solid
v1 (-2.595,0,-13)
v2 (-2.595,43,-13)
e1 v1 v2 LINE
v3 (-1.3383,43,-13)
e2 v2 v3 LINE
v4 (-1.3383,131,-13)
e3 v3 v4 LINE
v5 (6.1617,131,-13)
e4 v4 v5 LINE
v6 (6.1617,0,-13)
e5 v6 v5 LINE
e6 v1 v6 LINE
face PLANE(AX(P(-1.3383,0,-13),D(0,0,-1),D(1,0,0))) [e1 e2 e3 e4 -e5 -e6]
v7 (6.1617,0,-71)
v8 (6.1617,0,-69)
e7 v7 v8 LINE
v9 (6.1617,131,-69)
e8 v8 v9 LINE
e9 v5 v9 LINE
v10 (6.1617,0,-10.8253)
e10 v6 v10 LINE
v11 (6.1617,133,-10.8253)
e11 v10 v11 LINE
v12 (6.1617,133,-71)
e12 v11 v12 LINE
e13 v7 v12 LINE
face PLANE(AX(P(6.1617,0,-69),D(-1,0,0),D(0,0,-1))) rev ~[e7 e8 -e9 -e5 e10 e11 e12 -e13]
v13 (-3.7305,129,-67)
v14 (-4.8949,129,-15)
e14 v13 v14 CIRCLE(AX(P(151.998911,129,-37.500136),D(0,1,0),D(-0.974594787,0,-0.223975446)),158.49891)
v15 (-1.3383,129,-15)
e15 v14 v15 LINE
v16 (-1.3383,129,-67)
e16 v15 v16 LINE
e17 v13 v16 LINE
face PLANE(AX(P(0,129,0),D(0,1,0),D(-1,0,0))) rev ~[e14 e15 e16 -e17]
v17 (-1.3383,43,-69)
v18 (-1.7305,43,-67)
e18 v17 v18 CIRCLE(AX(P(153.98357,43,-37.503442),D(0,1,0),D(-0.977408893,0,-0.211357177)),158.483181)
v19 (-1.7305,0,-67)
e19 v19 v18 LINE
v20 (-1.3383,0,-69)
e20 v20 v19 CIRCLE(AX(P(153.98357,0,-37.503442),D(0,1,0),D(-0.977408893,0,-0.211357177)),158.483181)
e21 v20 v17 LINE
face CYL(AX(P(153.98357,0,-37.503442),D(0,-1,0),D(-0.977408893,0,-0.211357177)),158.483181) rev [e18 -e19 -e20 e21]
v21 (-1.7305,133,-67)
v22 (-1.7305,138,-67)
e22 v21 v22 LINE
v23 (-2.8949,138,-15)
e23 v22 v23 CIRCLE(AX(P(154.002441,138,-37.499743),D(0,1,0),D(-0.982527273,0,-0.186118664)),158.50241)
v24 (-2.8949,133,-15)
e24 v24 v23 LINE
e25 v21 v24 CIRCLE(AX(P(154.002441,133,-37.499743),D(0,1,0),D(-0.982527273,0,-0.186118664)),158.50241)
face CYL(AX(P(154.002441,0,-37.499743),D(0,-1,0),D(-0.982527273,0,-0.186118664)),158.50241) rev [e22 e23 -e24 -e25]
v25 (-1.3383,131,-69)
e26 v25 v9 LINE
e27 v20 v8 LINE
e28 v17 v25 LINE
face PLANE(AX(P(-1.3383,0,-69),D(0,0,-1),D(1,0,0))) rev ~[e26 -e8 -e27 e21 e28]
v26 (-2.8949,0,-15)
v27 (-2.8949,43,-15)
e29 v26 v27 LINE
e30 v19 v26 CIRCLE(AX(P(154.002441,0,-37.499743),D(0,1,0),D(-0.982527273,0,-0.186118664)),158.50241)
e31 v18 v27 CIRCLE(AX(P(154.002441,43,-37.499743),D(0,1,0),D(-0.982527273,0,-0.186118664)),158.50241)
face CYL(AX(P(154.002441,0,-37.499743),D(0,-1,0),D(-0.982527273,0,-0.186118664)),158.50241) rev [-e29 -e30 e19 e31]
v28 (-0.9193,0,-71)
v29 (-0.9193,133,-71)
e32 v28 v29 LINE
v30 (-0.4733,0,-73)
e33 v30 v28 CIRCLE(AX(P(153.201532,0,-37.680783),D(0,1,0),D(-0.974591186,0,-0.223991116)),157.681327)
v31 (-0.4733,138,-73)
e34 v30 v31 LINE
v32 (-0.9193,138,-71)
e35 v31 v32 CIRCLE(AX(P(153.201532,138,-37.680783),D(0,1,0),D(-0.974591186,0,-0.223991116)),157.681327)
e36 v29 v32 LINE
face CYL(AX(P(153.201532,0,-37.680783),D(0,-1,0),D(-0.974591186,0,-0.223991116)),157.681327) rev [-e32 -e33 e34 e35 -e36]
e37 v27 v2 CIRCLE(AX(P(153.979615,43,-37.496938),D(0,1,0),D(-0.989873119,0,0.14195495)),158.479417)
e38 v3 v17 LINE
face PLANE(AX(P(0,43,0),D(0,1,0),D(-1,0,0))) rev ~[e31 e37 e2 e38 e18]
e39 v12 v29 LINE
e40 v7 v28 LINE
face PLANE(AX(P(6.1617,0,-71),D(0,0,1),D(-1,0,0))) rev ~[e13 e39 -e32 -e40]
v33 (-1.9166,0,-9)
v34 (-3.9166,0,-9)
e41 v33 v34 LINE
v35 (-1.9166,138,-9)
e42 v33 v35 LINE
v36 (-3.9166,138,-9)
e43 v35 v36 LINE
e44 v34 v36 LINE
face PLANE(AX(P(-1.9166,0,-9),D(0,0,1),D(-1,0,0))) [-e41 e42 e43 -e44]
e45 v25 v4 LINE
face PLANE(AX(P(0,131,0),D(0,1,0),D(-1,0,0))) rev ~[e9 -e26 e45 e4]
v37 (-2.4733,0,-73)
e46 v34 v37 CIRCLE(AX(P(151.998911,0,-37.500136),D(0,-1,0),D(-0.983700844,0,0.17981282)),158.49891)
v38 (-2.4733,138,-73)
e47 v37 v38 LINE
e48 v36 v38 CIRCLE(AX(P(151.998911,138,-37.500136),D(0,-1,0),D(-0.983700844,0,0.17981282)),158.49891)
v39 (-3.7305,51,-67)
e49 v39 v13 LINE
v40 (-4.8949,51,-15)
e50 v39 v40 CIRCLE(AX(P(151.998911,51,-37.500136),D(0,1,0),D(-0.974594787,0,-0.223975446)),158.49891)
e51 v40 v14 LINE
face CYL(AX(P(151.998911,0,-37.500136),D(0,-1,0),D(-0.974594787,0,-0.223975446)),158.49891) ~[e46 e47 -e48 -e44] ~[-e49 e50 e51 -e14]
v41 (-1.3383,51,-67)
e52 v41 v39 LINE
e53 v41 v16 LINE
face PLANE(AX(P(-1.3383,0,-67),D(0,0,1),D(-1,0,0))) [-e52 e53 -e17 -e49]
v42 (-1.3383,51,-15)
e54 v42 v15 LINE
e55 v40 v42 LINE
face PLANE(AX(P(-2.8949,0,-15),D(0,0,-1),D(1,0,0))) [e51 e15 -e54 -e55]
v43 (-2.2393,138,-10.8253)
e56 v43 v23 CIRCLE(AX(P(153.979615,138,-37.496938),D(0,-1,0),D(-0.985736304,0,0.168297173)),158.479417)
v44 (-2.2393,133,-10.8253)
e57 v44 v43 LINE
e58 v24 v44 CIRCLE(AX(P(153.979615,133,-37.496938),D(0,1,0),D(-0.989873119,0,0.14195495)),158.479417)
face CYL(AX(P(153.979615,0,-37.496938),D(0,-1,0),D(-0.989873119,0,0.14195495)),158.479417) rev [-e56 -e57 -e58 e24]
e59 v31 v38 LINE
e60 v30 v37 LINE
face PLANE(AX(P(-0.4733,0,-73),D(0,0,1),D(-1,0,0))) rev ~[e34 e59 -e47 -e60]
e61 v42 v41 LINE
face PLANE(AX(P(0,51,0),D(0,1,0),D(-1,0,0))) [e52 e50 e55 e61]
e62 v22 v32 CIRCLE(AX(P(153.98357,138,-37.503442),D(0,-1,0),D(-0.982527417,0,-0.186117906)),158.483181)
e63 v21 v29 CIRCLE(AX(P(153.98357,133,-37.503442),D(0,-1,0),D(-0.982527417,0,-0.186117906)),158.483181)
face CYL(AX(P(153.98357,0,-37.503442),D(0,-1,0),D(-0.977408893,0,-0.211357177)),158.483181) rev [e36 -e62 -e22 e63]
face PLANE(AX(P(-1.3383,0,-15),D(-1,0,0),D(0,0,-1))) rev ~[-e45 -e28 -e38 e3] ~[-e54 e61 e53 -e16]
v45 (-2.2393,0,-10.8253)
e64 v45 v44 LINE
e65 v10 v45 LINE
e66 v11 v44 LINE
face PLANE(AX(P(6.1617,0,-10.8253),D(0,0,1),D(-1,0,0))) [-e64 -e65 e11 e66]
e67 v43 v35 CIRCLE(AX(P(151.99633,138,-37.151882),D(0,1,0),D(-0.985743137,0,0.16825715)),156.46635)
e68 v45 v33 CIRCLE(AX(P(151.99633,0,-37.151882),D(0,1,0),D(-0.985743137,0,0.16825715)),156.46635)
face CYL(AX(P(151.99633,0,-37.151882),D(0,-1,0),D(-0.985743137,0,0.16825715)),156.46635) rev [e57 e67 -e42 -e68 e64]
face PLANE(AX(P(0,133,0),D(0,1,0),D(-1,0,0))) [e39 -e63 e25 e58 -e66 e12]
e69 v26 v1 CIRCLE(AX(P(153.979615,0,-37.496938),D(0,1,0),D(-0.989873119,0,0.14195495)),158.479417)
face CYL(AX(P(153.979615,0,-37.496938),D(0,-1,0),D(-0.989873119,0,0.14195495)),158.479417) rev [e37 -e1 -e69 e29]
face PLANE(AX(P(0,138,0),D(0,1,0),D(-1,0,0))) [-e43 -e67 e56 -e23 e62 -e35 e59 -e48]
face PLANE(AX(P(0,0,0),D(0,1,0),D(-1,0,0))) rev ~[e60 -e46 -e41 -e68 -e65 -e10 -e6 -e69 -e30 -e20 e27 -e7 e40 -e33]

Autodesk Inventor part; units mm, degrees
ref_plane "YZ Plane" through (0, 0, 0) normal (1, 0, 0) x (0, 1, 0)
ref_plane "XZ Plane" through (0, 0, 0) normal (0, 1, 0) x (-1, 0, 0)
ref_plane "XY Plane" through (0, 0, 0) normal (0, 0, 1) x (1, 0, 0)
sketch "Sketch1" plane through (0, 0, 0) normal (0, 1, 0) x (-1, 0, 0)
  line L0 (0, -37.5) -> (4.5, -37.5) construction
  line L1 (0, 0) -> (2, 0) construction
  line L2 (4.5, -37.5) -> (6.5, -37.5) construction
  line L3 (0, -75) -> (2, -75) construction
  arc A0 (2.4733, -73) -> (3.9166, -9) centre (-152, -37.5) ccw
  line L4 (1.9166, -9) -> (3.9166, -9)
  line L5 (0, -73) -> (2.4733, -73)
  line L6 (0, -15) -> (2.8949, -15) construction
  line L7 (0, -67) -> (1.7305, -67) construction
  line L8 (0, -69) -> (1.3383, -69) construction
  line L9 (1.3383, -69) -> (1.3383, -67)
  line L10 (1.3383, -67) -> (1.7305, -67)
  arc A1 (2.2393, -10.8253) -> (1.9166, -9) centre (-154, -37.5) ccw
  arc A2 (0.4733, -73) -> (0.9193, -71) centre (-154, -37.5) ccw
  arc A3 (1.7305, -67) -> (2.8949, -15) centre (-154, -37.5) ccw
  line L11 (-6.1617, -13) -> (-6.1617, -11)
  line L12 (-6.1617, -11) -> (-6.1617, -10.8253)
  line L13 (-6.1617, -10.8253) -> (2.2393, -10.8253)
  line L14 (1.3383, -67) -> (1.3383, -5.3327) construction
  line L15 (2.8949, -15) -> (1.3383, -15) construction
  line L16 (2.8949, -15) -> (1.3383, -15)
  line L17 (1.3383, -15) -> (1.3383, -13)
  line L18 (1.3383, -13) -> (-6.1617, -13)
  line L19 (1.3383, -69) -> (-6.1617, -69)
  line L20 (-6.1617, -69) -> (-6.1617, -71)
  line L21 (-6.1617, -71) -> (0.9193, -71)
  arc A4 (2.8949, -15) -> (2.2393, -10.8253) centre (-154, -37.5) ccw
  line L22 (1.3383, -13) -> (2.595, -13)
  arc A5 (0.9193, -71) -> (1.7305, -67) centre (-154, -37.5) ccw
  line L23 (1.3383, -15) -> (1.3383, -67)
  line L24 (-6.1617, -13) -> (-6.1617, -69)
  line L25 (2.8949, -15) -> (4.8949, -15)
  line L26 (1.7305, -67) -> (3.7305, -67)
  point P0 (0, -7)
  point P1 (2, 0)
  point P2 (0, -9)
  point P3 (0, -41)
  point P4 (0, -13)
  dimension "d14" = 75
  dimension "d15" = 4.5
  dimension "d16" = 68
  dimension "d17" = 2
  dimension "d18" = 2
  dimension "d19" = 2
  dimension "d20" = 2
  dimension "d21" = 2
  dimension "d22" = 32
  dimension "d23" = 26
  dimension "d24" = 26
  dimension "d26" = 28
  dimension "d27" = 28
  dimension "d29" = 2
  dimension "d30" = 7.5
  dimension "d31" = 7.5
  dimension "d32" = 2
extrude "Extrusion1" add sketch "Sketch1" along normal blind 138 contours L5 A2 A5 L26 A0 | L26 A3 L25 A0 | L25 A4 A1 L4 A0
extrude "Extrusion2" add sketch "Sketch1" along normal blind 133 contours A5 L9 L10 | L10 L23 L16 A3 | L21 L20 L19 A5 | L16 L17 L22 A4 | L9 L19 L24 L18 L17 L23 | L22 L18 L11 L12 L13 A4
extrude "Extrusion3" cut sketch "Sketch1" along normal blind 131 contours L10 L23 L16 A3 | L9 L19 L24 L18 L17 L23
extrude "Extrusion4" cut sketch "Sketch1" along normal blind 129 contours L26 A3 L25 A0
extrude "Extrusion5" add sketch "Sketch1" along normal blind 131 contours L10 L23 L16 A3
extrude "Extrusion6" cut sketch "Sketch1" along normal blind 129 contours L10 L23 L16 A3
extrude "Extrusion7" add sketch "Sketch1" along normal blind 51 contours L26 A3 L25 A0
extrude "Extrusion8" add sketch "Sketch1" along normal blind 51 contours L10 L23 L16 A3
extrude "Extrusion9" cut sketch "Sketch1" along normal blind 43 contours A5 L9 L10 | L10 L23 L16 A3 | L16 L17 L22 A4 | L9 L19 L24 L18 L17 L23
properties part number "facet"
